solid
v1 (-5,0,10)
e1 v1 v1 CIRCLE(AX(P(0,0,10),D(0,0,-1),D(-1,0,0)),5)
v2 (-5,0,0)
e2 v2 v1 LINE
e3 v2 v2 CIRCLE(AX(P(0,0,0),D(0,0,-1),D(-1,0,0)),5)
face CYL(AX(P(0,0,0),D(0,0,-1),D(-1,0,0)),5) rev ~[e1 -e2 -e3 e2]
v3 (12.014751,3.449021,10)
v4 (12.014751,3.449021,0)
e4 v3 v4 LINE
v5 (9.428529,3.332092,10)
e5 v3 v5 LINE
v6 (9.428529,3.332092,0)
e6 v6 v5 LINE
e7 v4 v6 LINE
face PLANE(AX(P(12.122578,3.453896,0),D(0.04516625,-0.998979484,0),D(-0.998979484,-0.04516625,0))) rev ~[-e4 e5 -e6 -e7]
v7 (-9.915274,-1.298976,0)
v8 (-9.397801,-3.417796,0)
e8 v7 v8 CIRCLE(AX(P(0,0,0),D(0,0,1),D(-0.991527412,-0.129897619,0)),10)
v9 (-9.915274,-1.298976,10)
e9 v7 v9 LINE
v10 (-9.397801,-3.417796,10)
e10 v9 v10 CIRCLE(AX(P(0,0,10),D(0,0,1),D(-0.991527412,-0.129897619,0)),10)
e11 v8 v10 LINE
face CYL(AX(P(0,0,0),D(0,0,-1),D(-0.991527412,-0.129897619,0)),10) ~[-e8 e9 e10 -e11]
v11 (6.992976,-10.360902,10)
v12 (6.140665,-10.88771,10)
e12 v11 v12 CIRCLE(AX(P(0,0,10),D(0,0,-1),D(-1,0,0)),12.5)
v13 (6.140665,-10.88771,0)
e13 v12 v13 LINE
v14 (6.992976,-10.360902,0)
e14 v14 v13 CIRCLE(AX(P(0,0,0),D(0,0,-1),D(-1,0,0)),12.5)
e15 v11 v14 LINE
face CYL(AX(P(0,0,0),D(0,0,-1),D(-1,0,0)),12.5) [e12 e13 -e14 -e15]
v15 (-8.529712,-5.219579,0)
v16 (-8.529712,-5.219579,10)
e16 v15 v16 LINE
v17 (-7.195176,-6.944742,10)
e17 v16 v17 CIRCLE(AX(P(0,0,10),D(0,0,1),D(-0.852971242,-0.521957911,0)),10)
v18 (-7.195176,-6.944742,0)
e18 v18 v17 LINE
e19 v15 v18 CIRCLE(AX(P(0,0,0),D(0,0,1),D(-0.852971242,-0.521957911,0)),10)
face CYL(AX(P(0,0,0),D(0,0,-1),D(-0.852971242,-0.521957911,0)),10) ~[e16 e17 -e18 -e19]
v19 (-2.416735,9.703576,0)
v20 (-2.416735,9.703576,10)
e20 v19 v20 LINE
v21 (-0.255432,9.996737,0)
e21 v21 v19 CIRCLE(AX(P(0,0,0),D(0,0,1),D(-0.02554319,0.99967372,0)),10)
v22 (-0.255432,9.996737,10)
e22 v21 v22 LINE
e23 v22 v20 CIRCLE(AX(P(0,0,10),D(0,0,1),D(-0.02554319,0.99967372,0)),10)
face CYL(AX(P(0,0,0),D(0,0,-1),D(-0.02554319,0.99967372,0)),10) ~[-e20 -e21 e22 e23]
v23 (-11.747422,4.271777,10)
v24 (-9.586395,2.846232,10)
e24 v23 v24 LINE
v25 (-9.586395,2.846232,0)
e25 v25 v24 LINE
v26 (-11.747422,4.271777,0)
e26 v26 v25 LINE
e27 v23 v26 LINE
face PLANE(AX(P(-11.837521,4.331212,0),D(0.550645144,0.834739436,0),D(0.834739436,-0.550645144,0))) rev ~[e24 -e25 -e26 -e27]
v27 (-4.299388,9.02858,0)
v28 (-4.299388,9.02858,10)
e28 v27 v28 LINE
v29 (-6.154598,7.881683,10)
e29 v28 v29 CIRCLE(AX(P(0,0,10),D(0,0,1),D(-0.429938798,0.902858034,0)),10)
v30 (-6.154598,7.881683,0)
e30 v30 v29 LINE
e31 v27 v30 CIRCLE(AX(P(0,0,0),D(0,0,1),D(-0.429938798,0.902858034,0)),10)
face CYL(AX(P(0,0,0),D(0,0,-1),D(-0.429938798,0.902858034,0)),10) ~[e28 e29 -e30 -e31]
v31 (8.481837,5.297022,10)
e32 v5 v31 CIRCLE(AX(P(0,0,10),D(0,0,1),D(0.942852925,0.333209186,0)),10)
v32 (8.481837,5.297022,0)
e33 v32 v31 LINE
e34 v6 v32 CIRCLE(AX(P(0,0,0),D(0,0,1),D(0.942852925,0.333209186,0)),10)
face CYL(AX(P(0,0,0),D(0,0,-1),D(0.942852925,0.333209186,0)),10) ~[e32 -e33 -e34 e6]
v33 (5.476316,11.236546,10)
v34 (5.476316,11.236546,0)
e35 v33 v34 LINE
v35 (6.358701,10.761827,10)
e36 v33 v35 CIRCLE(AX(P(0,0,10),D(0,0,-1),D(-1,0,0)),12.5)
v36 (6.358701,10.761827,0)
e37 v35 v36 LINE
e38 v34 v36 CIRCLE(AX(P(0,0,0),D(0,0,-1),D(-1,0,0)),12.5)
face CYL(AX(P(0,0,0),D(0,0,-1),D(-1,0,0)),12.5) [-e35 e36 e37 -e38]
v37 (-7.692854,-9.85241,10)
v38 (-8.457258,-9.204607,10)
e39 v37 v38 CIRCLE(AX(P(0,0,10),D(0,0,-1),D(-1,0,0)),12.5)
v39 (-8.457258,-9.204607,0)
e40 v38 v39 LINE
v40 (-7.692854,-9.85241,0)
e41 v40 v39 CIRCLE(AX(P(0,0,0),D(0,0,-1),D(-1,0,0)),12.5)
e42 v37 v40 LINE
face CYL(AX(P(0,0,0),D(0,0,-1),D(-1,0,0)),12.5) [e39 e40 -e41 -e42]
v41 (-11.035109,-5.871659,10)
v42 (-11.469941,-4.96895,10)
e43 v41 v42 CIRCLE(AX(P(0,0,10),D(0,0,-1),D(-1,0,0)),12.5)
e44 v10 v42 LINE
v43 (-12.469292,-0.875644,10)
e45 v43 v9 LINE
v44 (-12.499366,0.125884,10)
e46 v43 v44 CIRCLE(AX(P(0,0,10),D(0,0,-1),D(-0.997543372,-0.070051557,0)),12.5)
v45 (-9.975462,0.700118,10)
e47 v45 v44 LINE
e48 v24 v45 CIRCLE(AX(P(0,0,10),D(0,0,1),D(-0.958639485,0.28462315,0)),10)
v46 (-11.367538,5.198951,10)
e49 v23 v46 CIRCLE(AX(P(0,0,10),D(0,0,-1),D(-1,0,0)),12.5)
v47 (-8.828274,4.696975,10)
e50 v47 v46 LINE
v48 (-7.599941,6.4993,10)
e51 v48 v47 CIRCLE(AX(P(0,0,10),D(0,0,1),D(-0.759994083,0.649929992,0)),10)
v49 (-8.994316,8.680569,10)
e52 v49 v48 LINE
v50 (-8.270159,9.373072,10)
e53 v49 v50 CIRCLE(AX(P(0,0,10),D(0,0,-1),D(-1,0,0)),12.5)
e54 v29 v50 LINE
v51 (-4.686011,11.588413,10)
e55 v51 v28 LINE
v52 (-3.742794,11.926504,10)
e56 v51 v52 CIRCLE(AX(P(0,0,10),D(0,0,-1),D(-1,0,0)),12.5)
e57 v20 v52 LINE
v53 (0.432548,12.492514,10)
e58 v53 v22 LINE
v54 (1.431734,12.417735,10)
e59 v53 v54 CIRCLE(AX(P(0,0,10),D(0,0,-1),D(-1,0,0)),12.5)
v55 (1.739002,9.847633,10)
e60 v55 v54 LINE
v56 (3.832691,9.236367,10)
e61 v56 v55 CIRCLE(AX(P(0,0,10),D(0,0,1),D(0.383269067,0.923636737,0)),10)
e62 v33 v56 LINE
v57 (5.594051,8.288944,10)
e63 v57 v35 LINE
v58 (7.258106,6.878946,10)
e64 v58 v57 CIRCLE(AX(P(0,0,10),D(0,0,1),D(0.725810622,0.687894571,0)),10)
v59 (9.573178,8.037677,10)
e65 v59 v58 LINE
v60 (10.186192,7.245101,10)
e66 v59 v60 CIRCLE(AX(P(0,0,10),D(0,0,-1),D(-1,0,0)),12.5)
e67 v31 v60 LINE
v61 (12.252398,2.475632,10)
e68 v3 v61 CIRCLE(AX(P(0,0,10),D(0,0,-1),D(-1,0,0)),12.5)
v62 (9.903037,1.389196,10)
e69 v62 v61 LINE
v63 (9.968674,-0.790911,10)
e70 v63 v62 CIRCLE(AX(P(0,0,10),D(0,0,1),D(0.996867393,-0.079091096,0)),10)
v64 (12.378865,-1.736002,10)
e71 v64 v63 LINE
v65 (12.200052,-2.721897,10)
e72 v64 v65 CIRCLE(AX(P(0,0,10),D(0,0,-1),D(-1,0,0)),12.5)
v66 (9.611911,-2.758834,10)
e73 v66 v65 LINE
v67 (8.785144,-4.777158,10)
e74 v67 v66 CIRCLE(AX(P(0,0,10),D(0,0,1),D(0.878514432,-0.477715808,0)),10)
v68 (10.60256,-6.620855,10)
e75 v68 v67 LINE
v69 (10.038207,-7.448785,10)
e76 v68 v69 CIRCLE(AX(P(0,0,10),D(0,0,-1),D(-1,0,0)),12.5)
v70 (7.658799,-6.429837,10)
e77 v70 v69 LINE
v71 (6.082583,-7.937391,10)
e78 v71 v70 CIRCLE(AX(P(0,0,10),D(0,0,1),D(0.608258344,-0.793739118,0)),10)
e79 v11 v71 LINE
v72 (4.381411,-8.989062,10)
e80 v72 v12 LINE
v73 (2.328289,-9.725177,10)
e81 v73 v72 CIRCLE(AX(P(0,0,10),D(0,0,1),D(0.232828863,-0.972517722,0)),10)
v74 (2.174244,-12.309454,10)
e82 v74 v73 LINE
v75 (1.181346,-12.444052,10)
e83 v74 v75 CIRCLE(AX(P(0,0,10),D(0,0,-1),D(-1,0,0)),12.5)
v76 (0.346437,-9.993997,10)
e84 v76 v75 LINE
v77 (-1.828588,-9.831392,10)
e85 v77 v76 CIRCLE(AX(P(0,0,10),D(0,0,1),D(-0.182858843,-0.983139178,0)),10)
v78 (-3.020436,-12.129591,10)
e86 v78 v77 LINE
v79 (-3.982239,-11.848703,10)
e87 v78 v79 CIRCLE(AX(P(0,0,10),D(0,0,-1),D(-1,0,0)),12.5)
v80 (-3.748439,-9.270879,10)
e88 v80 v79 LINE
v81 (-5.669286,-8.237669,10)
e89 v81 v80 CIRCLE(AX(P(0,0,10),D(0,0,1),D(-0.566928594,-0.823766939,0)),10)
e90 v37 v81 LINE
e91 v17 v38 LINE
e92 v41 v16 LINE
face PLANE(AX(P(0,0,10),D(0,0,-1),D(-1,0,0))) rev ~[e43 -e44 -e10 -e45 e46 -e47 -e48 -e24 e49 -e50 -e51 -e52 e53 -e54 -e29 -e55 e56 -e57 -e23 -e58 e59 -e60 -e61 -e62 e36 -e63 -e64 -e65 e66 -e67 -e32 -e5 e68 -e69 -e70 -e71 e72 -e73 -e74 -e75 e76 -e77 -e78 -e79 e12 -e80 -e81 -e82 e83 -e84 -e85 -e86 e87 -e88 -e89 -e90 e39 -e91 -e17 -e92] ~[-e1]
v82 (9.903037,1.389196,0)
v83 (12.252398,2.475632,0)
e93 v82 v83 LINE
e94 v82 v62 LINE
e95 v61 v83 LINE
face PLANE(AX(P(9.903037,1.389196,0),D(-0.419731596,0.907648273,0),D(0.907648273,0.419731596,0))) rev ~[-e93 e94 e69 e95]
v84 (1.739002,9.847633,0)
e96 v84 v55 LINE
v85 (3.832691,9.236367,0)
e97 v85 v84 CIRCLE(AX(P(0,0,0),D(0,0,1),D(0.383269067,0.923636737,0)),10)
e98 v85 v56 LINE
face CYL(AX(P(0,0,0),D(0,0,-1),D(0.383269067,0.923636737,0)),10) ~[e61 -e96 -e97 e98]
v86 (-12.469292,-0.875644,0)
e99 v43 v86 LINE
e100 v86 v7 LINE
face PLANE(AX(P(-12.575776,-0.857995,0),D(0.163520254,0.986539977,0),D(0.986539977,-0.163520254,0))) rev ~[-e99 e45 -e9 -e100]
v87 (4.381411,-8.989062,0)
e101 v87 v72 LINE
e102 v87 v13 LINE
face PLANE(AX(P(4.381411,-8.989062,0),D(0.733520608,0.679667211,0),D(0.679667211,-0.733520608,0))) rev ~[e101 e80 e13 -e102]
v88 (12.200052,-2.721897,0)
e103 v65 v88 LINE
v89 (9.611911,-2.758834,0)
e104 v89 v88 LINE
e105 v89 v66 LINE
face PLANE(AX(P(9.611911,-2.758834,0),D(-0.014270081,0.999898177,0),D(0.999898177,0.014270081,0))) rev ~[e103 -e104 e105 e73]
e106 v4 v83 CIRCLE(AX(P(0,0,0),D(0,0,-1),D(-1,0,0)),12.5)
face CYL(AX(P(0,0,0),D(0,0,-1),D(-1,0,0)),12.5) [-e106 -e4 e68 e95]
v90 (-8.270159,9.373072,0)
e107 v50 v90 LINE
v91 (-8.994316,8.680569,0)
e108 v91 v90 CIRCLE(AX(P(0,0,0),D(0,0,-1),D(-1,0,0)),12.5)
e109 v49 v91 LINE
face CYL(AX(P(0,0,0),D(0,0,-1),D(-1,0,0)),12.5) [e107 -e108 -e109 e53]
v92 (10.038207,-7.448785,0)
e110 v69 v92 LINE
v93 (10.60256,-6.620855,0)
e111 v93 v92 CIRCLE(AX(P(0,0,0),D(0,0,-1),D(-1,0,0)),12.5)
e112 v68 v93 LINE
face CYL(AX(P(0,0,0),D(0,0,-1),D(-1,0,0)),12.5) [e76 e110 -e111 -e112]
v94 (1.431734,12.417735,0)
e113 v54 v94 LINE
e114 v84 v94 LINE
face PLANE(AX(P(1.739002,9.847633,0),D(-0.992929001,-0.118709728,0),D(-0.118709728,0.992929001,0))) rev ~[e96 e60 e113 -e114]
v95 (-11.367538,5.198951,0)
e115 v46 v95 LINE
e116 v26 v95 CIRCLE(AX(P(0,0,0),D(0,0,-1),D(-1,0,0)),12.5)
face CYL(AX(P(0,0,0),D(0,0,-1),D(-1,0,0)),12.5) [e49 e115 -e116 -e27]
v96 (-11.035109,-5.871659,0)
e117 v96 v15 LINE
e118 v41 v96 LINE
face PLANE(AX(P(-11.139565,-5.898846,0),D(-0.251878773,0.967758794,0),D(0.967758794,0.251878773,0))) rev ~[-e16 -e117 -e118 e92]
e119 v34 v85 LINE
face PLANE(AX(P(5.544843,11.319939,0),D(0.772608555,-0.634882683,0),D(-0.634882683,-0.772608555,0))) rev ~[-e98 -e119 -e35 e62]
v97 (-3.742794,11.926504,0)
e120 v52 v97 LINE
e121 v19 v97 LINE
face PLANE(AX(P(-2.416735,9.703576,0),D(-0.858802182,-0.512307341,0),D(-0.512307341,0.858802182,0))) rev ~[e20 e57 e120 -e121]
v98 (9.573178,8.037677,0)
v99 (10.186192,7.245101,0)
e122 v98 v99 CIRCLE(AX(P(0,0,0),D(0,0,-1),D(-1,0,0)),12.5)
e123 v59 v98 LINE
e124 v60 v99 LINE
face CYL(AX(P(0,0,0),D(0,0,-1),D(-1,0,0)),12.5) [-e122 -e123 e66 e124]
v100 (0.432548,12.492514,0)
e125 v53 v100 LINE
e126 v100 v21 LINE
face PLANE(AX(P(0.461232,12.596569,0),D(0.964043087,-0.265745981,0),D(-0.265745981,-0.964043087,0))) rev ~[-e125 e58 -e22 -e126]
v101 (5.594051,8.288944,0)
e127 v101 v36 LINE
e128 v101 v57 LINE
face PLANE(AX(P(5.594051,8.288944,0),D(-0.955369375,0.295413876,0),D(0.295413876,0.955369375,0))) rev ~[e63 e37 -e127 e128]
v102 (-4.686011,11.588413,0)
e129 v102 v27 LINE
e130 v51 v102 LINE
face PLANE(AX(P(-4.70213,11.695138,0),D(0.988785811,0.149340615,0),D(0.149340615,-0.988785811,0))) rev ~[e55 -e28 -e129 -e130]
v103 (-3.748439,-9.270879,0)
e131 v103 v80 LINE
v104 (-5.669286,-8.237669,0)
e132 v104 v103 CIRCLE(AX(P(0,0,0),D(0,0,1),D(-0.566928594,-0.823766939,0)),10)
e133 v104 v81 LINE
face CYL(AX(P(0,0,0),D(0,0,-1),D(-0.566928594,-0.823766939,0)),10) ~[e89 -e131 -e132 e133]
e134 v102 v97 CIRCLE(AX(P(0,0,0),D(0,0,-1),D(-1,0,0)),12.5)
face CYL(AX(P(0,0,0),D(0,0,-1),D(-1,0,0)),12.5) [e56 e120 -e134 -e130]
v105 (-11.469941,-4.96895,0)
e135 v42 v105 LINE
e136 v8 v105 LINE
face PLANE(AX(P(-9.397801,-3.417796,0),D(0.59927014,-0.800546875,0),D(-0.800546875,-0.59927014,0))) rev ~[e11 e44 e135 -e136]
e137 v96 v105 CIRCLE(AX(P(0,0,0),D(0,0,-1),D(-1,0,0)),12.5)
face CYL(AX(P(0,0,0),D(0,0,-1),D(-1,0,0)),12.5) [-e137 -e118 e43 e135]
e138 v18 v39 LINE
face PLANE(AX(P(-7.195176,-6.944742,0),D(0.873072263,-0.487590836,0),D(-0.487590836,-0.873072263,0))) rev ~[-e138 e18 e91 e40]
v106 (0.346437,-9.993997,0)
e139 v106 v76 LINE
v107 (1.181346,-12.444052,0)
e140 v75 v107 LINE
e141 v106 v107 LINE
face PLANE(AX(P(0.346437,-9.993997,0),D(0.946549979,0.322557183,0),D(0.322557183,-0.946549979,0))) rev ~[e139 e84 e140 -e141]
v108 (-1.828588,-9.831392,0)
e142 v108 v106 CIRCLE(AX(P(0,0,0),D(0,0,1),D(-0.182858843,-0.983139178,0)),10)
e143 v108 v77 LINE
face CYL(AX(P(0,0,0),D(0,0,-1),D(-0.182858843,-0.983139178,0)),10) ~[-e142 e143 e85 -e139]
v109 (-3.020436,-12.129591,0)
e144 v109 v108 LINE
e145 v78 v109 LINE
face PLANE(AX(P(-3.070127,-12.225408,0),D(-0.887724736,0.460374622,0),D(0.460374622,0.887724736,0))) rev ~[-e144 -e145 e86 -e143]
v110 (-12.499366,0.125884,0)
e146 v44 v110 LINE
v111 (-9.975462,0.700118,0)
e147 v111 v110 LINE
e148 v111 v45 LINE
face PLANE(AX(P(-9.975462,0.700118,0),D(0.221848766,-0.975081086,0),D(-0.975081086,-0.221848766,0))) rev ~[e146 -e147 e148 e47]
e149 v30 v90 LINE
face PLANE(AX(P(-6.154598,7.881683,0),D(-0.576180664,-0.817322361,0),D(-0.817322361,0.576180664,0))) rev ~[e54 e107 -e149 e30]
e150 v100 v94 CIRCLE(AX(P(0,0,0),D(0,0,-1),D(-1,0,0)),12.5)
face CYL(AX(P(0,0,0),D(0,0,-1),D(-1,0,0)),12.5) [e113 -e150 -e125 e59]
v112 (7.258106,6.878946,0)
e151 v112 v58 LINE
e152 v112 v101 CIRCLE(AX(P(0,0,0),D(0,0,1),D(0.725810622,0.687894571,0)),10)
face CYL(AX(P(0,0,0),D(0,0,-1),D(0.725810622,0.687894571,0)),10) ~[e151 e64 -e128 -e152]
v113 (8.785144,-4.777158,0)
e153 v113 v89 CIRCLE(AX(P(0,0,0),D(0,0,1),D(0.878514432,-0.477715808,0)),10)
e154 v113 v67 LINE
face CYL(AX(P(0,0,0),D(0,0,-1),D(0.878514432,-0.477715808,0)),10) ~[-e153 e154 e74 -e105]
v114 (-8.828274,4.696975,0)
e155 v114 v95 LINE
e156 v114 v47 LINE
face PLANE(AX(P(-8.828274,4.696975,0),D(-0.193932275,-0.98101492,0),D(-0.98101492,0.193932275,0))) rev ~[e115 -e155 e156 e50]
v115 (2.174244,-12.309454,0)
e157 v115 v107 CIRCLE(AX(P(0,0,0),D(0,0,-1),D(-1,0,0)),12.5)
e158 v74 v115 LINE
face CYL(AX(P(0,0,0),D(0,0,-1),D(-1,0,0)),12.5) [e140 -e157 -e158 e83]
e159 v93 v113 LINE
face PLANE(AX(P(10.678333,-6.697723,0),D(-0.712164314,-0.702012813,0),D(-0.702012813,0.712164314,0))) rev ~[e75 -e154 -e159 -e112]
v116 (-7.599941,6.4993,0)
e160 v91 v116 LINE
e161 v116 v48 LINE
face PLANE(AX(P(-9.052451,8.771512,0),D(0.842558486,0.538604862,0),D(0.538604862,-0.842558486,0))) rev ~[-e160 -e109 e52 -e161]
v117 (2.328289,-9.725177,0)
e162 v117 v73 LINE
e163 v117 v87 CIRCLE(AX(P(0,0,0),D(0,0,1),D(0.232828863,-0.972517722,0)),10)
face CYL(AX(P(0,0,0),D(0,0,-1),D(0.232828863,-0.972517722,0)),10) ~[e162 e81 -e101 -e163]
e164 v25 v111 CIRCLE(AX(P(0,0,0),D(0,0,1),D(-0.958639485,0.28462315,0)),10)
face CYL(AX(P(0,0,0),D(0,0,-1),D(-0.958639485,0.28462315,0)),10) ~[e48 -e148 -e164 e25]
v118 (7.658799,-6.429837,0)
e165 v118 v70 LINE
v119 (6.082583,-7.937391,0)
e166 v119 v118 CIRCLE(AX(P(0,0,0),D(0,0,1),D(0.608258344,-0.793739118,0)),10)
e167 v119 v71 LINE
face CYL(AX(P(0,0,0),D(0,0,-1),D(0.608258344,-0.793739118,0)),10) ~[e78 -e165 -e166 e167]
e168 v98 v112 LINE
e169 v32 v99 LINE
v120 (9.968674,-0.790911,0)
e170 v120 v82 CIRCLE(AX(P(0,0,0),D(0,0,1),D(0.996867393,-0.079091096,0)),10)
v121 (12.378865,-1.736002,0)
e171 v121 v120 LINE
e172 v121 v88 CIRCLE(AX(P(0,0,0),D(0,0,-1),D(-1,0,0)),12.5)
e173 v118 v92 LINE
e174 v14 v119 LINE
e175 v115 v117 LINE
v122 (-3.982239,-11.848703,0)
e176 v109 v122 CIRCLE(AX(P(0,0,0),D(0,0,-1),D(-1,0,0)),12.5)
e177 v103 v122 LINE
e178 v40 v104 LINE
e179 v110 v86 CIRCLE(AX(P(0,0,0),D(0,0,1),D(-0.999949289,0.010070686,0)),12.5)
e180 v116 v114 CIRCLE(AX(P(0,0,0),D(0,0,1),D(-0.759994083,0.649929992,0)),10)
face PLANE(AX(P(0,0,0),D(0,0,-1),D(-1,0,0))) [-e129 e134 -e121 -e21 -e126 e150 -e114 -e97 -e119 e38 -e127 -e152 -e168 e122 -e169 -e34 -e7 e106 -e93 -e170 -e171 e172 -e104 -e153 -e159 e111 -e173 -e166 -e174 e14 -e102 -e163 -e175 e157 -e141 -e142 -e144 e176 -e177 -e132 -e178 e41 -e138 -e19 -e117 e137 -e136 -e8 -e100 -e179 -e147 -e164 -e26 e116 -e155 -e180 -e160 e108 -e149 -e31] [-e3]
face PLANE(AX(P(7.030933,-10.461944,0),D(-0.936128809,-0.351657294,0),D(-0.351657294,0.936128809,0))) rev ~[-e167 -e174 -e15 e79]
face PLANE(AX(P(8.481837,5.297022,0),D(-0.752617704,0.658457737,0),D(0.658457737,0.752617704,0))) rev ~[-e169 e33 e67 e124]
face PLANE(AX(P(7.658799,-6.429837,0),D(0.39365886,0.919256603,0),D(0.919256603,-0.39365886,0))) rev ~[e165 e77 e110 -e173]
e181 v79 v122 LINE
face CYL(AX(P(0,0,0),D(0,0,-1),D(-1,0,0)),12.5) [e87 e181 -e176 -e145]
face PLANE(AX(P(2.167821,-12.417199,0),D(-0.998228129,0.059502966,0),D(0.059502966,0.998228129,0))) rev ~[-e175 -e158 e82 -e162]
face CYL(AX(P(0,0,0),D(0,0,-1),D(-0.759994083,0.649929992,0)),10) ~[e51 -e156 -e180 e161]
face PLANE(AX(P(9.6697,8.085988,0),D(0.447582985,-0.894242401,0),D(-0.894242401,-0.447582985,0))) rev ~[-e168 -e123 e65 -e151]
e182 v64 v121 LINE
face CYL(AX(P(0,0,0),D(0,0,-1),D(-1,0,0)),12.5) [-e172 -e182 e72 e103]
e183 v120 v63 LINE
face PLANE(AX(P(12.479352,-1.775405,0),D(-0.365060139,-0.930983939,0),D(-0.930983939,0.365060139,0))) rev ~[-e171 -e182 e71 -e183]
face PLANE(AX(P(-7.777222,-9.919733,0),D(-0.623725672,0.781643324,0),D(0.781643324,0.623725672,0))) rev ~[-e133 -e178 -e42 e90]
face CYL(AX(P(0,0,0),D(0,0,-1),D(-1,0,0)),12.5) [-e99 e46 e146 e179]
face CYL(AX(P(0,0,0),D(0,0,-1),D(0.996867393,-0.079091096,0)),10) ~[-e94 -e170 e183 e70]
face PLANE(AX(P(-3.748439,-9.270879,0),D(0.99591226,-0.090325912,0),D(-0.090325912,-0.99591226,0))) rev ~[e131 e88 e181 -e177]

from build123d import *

# Parameters (mm, degrees)
SKETCH1_R           = 10
SKETCH1_R_2         = 5
BOSS_EXTRUDE1_DEPTH = 10
SKETCH2_R           = 12.5
BOSS_EXTRUDE2_DEPTH = 10
SKETCH3_R           = 5
CUT_EXTRUDE1_DEPTH  = 10
CUT_EXTRUDE4_DEPTH  = 10


with BuildPart() as part:
    # Sketch1 → Boss-Extrude1 (new body)
    with BuildSketch(Plane.XY):
        Circle(SKETCH1_R)
        Circle(SKETCH1_R_2, mode=Mode.SUBTRACT)
    extrude(amount=BOSS_EXTRUDE1_DEPTH)

    # Sketch2 → Boss-Extrude2 (add)
    with BuildSketch(Plane(origin=(0, 0, 0), x_dir=(-1, 0, 0), z_dir=(0, 0, -1))):
        Circle(SKETCH2_R)
    extrude(amount=-BOSS_EXTRUDE2_DEPTH)

    # Sketch3 → Cut-Extrude1 (cut)
    with BuildSketch(Plane(origin=(0, 0, 0), x_dir=(-1, 0, 0), z_dir=(0, 0, -1))):
        Circle(SKETCH3_R)
    extrude(amount=-CUT_EXTRUDE1_DEPTH, mode=Mode.SUBTRACT)

    # Sketch4 → Cut-Extrude4 (cut)
    with BuildSketch(Plane(origin=(0, 0, 0), x_dir=(-1, 0, 0), z_dir=(0, 0, -1))):
        with BuildLine():
            Line((-9.669699641, 8.08598777), (-7.258106214, 6.878945717))
            ThreePointArc((-7.258106214, 6.878945717), (-6.46463523, 7.629448954), (-5.59405076, 8.288944209))
            Line((-5.59405076, 8.288944209), (-6.390582917, 10.864931631))
            ThreePointArc((-6.390582917, 10.864931631), (-8.149466314, 9.616261652), (-9.669699641, 8.08598777))
        make_face()
        with BuildLine():
            Line((-5.544842662, 11.31993857), (-3.832690674, 9.23636737))
            ThreePointArc((-3.832690674, 9.23636737), (-2.802561694, 9.599252468), (-1.73900232, 9.847632758))
            Line((-1.73900232, 9.847632758), (-1.418922177, 12.524893183))
            ThreePointArc((-1.418922177, 12.524893183), (-3.53362195, 12.099578724), (-5.544842662, 11.31993857))
        make_face()
        with BuildLine():
            Line((-0.461232014, 12.596569152), (0.255431902, 9.996737195))
            ThreePointArc((0.255431902, 9.996737195), (1.34410022, 9.909258025), (2.41673542, 9.70357614))
            Line((2.41673542, 9.70357614), (3.798083099, 12.019186917))
            ThreePointArc((3.798083099, 12.019186917), (1.693217751, 12.490768712), (-0.461232014, 12.596569152))
        make_face()
        with BuildLine():
            Line((4.70212984, 11.695138492), (4.299387983, 9.028580341))
            ThreePointArc((4.299387983, 9.028580341), (5.258354995, 8.505862846), (6.15459765, 7.881683054))
            Line((6.15459765, 7.881683054), (8.358365302, 9.435254043))
            ThreePointArc((8.358365302, 9.435254043), (6.627284721, 10.722191316), (4.70212984, 11.695138492))
        make_face()
        with BuildLine():
            Line((9.052450727, 8.771512139), (7.599940822, 6.499299924))
            ThreePointArc((7.599940822, 6.499299924), (8.26339242, 5.631726707), (8.828274034, 4.696975365))
            Line((8.828274034, 4.696975365), (11.473410211, 5.219880028))
            ThreePointArc((11.473410211, 5.219880028), (10.415433955, 7.099649632), (9.052450727, 8.771512139))
        make_face()
        with BuildLine():
            Line((11.837520645, 4.331211651), (9.58639485, 2.846231506))
            ThreePointArc((9.58639485, 2.846231506), (9.839614226, 1.783813859), (9.975461635, 0.700117964))
            Line((9.975461635, 0.700117964), (12.604598262, 0.101941336))
            ThreePointArc((12.604598262, 0.101941336), (12.402660038, 2.249514029), (11.837520645, 4.331211651))
        make_face()
        with BuildLine():
            Line((12.575775702, -0.857994679), (9.915274118, -1.298976196))
            ThreePointArc((9.915274118, -1.298976196), (9.714477342, -2.372536612), (9.397801295, -3.417796193))
            Line((9.397801295, -3.417796193), (11.556336764, -5.03362394))
            ThreePointArc((11.556336764, -5.03362394), (12.245353525, -2.989582985), (12.575775702, -0.857994679))
        make_face()
        with BuildLine():
            Line((11.139564893, -5.898845935), (8.529712414, -5.219579114))
            ThreePointArc((8.529712414, -5.219579114), (7.909619072, -6.118653948), (7.195175735, -6.944742338))
            Line((7.195175735, -6.944742338), (8.509879654, -9.298829908))
            ThreePointArc((8.509879654, -9.298829908), (9.970714142, -7.711753943), (11.139564893, -5.898845935))
        make_face()
        with BuildLine():
            Line((7.777222115, -9.919733139), (5.669285944, -8.237669384))
            ThreePointArc((5.669285944, -8.237669384), (4.737115808, -8.80680043), (3.748438924, -9.270879442))
            Line((3.748438924, -9.270879442), (3.991987042, -11.956183707))
            ThreePointArc((3.991987042, -11.956183707), (5.972047703, -11.100492584), (7.777222115, -9.919733139))
        make_face()
        with BuildLine():
            Line((3.070126979, -12.225408366), (1.82858843, -9.831391781))
            ThreePointArc((1.82858843, -9.831391781), (0.745522186, -9.972171111), (-0.34643703, -9.993997268))
            Line((-0.34643703, -9.993997268), (-1.216156396, -12.546204725))
            ThreePointArc((-1.216156396, -12.546204725), (0.940759962, -12.569855213), (3.070126979, -12.225408366))
        make_face()
        with BuildLine():
            Line((-2.167821003, -12.417199422), (-2.328288635, -9.725177224))
            ThreePointArc((-2.328288635, -9.725177224), (-3.374978996, -9.413262813), (-4.381410875, -8.989062173))
            Line((-4.381410875, -8.989062173), (-6.214015345, -10.966872967))
            ThreePointArc((-6.214015345, -10.966872967), (-4.253193723, -11.865775682), (-2.167821003, -12.417199422))
        make_face()
        with BuildLine():
            Line((-7.03093304, -10.461943891), (-6.082583444, -7.937391174))
            ThreePointArc((-6.082583444, -7.937391174), (-6.911915648, -7.226715857), (-7.658798975, -6.429836565))
            Line((-7.658798975, -6.429836565), (-10.137414587, -7.491269242))
            ThreePointArc((-10.137414587, -7.491269242), (-8.711731575, -9.109995738), (-7.03093304, -10.461943891))
        make_face()
        with BuildLine():
            Line((-10.678332879, -6.697723217), (-8.785144317, -4.777158081))
            ThreePointArc((-8.785144317, -4.777158081), (-9.253719292, -3.790604077), (-9.611911155, -2.758833802))
            Line((-9.611911155, -2.758833802), (-12.307962753, -2.72035701))
            ThreePointArc((-12.307962753, -2.72035701), (-11.663931893, -4.77901477), (-10.678332879, -6.697723217))
        make_face()
        with BuildLine():
            Line((-12.479351955, -1.775405353), (-9.968673927, -0.790910957))
            ThreePointArc((-9.968673927, -0.790910957), (-9.995470803, 0.300937585), (-9.903036574, 1.389196388))
            Line((-9.903036574, 1.389196388), (-12.350352343, 2.520929664))
            ThreePointArc((-12.350352343, 2.520929664), (-12.599332424, 0.378301268), (-12.479351955, -1.775405353))
        make_face()
        with BuildLine():
            Line((-12.122577706, 3.453896227), (-9.428529252, 3.332091857))
            ThreePointArc((-9.428529252, 3.332091857), (-9.008914606, 4.340444404), (-8.481837004, 5.297021903))
            Line((-8.481837004, 5.297021903), (-10.257253815, 7.326324696))
            ThreePointArc((-10.257253815, 7.326324696), (-11.356193917, 5.47020558), (-12.122577706, 3.453896227))
        make_face()
    extrude(amount=-CUT_EXTRUDE4_DEPTH, mode=Mode.SUBTRACT)


solid = part.part
